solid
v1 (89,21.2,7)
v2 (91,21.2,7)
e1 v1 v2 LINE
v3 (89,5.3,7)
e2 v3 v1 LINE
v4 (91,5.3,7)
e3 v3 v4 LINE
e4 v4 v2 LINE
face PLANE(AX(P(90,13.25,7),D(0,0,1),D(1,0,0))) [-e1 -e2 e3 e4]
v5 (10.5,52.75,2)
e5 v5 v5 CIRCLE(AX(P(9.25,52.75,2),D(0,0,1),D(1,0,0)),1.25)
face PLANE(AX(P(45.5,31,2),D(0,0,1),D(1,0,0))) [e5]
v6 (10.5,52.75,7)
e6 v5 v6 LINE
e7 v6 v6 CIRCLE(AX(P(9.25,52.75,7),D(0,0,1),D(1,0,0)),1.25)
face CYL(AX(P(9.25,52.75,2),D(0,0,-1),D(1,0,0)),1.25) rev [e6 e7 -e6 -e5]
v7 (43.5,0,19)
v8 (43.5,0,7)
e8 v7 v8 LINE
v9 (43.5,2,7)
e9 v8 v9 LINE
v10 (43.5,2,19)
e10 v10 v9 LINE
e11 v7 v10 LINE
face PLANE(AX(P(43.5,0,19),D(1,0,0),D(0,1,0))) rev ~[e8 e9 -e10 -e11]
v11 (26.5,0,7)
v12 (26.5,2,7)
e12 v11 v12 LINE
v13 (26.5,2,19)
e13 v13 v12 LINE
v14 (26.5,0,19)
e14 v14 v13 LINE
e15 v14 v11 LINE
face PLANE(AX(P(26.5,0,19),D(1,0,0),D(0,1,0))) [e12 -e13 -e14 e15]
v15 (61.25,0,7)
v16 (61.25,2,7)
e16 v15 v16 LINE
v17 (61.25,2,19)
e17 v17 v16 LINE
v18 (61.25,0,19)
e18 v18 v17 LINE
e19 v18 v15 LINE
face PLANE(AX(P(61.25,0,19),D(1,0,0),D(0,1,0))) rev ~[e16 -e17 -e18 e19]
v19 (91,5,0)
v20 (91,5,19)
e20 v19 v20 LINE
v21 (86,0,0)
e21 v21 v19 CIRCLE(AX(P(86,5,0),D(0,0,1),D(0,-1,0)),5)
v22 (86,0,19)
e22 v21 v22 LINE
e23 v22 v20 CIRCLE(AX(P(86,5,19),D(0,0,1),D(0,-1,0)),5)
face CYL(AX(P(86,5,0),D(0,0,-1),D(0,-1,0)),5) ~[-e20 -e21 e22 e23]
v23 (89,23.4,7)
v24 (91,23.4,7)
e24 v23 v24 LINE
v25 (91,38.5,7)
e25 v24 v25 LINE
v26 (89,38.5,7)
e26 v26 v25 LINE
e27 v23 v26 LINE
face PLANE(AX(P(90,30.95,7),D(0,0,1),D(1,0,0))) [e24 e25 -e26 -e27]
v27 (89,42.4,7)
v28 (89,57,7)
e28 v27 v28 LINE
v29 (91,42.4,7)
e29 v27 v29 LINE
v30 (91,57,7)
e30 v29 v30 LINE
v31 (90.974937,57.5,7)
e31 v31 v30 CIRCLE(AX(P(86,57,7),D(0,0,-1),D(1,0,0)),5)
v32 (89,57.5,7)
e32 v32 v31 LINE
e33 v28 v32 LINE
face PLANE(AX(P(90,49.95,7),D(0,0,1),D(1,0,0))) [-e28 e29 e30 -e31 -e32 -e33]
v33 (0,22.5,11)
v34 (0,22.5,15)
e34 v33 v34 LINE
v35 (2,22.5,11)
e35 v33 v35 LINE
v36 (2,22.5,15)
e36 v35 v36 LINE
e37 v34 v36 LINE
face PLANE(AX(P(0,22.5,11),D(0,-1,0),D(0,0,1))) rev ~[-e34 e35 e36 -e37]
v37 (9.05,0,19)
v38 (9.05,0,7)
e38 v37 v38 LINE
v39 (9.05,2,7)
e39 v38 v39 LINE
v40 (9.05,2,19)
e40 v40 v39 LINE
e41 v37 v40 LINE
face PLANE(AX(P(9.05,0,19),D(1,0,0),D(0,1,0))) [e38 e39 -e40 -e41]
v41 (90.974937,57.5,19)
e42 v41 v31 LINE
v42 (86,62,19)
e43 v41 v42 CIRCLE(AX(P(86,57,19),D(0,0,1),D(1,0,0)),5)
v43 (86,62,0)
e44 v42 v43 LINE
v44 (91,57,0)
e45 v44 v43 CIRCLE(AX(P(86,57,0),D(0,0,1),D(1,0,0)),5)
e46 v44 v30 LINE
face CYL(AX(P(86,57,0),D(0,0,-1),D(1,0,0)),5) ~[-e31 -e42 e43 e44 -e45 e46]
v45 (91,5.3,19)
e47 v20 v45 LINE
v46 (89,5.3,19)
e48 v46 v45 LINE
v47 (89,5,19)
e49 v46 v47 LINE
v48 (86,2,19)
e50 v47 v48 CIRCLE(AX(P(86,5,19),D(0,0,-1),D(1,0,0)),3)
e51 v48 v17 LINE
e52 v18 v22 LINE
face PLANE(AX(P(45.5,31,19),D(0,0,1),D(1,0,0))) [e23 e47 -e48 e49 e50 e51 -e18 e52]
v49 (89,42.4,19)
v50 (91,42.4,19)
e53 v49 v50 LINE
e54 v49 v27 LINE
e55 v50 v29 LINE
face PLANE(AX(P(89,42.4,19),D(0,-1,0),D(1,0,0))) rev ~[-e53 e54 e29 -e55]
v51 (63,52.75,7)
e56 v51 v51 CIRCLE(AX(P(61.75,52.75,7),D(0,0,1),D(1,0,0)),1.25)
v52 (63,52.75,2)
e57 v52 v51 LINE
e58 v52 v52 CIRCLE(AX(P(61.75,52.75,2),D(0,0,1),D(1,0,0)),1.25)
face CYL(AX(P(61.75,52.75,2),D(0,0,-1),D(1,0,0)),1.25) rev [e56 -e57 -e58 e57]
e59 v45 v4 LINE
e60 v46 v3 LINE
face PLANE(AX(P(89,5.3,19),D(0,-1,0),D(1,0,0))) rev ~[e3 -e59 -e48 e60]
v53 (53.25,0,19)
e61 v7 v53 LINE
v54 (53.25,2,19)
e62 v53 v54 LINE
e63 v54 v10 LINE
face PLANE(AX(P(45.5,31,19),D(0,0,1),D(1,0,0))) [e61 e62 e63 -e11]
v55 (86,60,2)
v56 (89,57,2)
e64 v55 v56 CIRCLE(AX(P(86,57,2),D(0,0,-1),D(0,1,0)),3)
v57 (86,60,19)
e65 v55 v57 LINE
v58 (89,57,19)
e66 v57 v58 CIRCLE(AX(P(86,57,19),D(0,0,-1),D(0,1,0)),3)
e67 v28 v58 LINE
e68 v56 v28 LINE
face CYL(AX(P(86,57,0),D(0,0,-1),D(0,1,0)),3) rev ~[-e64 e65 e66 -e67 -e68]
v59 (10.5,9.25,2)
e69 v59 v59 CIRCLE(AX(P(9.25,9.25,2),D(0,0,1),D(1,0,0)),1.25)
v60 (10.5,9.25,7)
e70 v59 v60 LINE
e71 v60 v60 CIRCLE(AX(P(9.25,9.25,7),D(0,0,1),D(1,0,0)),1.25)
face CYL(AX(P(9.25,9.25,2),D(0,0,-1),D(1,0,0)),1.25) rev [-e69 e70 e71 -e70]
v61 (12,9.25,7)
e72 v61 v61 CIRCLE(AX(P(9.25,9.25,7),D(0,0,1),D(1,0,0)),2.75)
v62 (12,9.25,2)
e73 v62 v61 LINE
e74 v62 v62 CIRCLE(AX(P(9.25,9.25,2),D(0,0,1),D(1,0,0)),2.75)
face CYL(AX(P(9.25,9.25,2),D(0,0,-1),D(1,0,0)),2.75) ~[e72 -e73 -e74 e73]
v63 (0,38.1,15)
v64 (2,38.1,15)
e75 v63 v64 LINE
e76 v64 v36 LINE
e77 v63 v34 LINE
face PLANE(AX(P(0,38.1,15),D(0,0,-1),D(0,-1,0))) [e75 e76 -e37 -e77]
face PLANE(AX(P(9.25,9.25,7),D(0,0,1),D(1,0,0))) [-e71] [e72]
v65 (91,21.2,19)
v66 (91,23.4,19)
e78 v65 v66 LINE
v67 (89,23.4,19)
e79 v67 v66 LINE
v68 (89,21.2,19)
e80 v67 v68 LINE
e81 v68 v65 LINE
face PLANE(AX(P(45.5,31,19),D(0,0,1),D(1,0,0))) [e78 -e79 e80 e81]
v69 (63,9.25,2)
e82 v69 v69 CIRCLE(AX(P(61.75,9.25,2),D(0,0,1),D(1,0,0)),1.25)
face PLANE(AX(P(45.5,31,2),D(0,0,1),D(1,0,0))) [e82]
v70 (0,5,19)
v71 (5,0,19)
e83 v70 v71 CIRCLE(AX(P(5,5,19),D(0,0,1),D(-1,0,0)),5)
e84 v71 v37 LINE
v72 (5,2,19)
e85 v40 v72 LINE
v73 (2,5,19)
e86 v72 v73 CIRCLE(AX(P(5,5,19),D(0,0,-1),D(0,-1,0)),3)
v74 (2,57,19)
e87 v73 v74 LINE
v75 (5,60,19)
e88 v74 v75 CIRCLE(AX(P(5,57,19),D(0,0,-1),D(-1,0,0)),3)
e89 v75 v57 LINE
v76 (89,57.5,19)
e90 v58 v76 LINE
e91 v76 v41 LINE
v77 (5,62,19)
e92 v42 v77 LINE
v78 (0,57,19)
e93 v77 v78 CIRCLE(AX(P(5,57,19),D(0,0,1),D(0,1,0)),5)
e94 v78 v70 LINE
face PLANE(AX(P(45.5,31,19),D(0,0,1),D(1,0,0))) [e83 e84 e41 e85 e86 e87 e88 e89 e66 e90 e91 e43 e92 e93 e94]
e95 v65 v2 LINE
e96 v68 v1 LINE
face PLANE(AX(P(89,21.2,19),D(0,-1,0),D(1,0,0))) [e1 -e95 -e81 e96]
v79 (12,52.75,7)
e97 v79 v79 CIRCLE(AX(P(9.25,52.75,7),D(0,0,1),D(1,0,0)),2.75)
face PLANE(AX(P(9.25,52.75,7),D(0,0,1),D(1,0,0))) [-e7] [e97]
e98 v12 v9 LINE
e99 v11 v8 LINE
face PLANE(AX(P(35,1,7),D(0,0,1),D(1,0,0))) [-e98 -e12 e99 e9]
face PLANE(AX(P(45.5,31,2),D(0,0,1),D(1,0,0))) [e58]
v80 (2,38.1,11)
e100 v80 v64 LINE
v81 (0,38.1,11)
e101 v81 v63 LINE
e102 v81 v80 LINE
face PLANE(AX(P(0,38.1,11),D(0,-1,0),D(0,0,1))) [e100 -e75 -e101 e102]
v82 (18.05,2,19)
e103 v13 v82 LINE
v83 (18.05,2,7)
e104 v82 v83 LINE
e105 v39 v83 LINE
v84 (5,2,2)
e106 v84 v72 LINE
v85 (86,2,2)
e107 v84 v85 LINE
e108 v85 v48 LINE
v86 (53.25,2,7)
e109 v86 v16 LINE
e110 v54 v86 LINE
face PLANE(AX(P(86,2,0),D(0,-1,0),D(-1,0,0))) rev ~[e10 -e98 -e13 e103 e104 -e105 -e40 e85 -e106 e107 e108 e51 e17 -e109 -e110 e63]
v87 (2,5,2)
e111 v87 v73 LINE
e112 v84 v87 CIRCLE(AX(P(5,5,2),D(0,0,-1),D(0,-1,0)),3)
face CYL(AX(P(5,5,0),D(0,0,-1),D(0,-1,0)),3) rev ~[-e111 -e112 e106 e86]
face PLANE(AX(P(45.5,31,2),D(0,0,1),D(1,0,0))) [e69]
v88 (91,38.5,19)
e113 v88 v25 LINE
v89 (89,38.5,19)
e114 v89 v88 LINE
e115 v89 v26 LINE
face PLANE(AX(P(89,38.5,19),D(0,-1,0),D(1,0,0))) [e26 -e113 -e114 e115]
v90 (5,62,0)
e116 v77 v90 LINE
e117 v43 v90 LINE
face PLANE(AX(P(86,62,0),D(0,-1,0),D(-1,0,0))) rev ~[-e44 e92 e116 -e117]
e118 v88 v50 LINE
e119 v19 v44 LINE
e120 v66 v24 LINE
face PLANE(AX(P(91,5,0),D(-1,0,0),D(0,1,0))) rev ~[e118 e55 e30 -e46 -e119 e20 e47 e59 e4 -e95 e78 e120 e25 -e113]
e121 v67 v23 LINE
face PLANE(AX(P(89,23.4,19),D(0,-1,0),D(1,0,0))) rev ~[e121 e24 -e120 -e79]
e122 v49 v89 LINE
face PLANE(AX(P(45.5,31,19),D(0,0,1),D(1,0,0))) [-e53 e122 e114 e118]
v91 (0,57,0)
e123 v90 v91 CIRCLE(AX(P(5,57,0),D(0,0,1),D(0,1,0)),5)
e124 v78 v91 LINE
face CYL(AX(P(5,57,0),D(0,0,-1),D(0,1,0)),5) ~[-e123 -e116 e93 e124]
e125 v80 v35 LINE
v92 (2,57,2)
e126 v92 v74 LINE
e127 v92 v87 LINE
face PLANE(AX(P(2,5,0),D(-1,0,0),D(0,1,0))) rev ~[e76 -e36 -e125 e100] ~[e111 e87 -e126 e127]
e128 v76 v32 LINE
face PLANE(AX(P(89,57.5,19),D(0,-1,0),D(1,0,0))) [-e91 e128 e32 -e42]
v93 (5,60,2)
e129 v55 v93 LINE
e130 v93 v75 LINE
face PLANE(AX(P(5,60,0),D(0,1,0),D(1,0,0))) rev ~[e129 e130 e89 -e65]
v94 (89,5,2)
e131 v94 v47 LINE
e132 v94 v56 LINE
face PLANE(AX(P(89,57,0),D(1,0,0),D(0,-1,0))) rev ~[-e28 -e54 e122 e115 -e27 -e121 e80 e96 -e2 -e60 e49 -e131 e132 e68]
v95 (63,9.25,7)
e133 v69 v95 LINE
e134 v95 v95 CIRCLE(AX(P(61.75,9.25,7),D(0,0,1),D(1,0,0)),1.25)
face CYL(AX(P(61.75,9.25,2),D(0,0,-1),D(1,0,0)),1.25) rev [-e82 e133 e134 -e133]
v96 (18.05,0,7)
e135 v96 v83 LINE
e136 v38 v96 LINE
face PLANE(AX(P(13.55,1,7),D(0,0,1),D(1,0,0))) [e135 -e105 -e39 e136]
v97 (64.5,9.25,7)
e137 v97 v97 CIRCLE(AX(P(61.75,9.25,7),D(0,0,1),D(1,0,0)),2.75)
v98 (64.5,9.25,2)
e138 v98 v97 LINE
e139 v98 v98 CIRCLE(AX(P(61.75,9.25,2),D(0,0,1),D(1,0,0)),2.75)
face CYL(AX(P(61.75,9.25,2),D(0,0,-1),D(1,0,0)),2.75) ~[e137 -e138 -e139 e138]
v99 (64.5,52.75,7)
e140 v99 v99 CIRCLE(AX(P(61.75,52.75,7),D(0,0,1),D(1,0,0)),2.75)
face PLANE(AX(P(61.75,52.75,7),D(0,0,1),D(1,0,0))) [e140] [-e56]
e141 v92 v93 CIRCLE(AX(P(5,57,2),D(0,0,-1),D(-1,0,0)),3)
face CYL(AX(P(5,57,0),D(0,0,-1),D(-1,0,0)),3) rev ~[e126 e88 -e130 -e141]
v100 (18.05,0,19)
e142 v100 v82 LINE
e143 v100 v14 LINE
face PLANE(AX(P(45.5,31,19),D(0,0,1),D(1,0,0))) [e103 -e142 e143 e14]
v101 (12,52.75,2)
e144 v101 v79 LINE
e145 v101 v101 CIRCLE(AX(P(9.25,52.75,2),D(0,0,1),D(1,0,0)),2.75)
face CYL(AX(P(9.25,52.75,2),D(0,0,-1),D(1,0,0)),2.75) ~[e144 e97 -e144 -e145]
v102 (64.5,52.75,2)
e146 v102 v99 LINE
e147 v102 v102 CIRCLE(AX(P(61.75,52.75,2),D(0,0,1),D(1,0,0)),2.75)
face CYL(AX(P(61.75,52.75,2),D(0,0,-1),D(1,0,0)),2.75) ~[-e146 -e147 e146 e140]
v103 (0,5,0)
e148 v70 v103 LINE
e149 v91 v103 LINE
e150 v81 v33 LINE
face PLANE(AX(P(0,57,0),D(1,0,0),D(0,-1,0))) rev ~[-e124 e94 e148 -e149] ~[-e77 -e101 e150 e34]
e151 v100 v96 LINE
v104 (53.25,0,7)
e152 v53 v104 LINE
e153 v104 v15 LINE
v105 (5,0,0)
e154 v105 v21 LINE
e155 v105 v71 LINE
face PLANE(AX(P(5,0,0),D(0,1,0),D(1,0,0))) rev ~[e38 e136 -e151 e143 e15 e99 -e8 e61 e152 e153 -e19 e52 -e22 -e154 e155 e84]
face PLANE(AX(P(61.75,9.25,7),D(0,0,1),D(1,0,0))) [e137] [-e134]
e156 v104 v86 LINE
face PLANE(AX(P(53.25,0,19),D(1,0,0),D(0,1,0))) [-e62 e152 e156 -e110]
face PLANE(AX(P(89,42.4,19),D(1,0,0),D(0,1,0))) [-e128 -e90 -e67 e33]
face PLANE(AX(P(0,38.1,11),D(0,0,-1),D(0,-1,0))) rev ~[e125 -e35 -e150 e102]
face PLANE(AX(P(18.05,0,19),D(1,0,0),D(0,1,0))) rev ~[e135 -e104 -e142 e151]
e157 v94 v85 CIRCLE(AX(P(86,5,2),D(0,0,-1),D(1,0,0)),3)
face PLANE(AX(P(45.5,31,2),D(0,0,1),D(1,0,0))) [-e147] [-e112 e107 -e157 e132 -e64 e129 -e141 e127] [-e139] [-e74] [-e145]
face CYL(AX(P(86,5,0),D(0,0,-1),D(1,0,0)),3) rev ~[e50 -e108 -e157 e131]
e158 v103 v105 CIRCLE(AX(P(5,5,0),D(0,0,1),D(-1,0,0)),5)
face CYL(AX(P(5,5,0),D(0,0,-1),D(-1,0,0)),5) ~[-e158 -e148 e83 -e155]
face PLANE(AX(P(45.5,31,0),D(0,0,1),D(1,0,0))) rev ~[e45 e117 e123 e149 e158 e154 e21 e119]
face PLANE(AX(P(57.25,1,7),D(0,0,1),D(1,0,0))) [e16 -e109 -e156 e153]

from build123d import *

# Parameters (mm, degrees)
F1_DEPTH = 2
F2_DEPTH = 19
F3_R     = 2.75
F3_R_2   = 1.25
F4_DEPTH = 5
F5_W     = 9
F5_H     = 2
F5_W_2   = 2
F5_H_2   = 15.1
F5_W_3   = 17
F5_W_4   = 8
F5_H_3   = 15.9
F6_DEPTH = 12
F7_W     = 15.6
F7_H     = 4
F8_DEPTH = 25


with BuildPart() as f1:
    # F0 (on Top) → F1 (new body)
    with BuildSketch(Plane.XY):
        with BuildLine():
            ThreePointArc((0, 5), (1.4644660941, 1.4644660941), (5, 0))
            Line((5, 0), (86, 0))
            ThreePointArc((86, 0), (89.5355339059, 1.4644660941), (91, 5))
            Line((91, 5), (91, 57))
            ThreePointArc((91, 57), (89.5355339059, 60.5355339059), (86, 62))
            Line((86, 62), (5, 62))
            ThreePointArc((5, 62), (1.4644660941, 60.5355339059), (0, 57))
            Line((0, 57), (0, 5))
        make_face()
        with BuildLine():
            ThreePointArc((2, 57), (2.8786796564, 59.1213203436), (5, 60))
            Line((5, 60), (86, 60))
            ThreePointArc((86, 60), (88.1213203436, 59.1213203436), (89, 57))
            Line((89, 57), (89, 5))
            ThreePointArc((89, 5), (88.1213203436, 2.8786796564), (86, 2))
            Line((86, 2), (5, 2))
            ThreePointArc((5, 2), (2.8786796564, 2.8786796564), (2, 5))
            Line((2, 5), (2, 57))
        make_face(mode=Mode.SUBTRACT)
        with BuildLine():
            Line((86, 60), (5, 60))
            ThreePointArc((5, 60), (2.8786796564, 59.1213203436), (2, 57))
            Line((2, 57), (2, 5))
            ThreePointArc((2, 5), (2.8786796564, 2.8786796564), (5, 2))
            Line((5, 2), (86, 2))
            ThreePointArc((86, 2), (88.1213203436, 2.8786796564), (89, 5))
            Line((89, 5), (89, 57))
            ThreePointArc((89, 57), (88.1213203436, 59.1213203436), (86, 60))
        make_face()
    extrude(amount=F1_DEPTH)

    # F0 (on Top) → F2 (join)
    with BuildSketch(Plane.XY):
        with BuildLine():
            ThreePointArc((0, 5), (1.4644660941, 1.4644660941), (5, 0))
            Line((5, 0), (86, 0))
            ThreePointArc((86, 0), (89.5355339059, 1.4644660941), (91, 5))
            Line((91, 5), (91, 57))
            ThreePointArc((91, 57), (89.5355339059, 60.5355339059), (86, 62))
            Line((86, 62), (5, 62))
            ThreePointArc((5, 62), (1.4644660941, 60.5355339059), (0, 57))
            Line((0, 57), (0, 5))
        make_face()
        with BuildLine():
            ThreePointArc((2, 57), (2.8786796564, 59.1213203436), (5, 60))
            Line((5, 60), (86, 60))
            ThreePointArc((86, 60), (88.1213203436, 59.1213203436), (89, 57))
            Line((89, 57), (89, 5))
            ThreePointArc((89, 5), (88.1213203436, 2.8786796564), (86, 2))
            Line((86, 2), (5, 2))
            ThreePointArc((5, 2), (2.8786796564, 2.8786796564), (2, 5))
            Line((2, 5), (2, 57))
        make_face(mode=Mode.SUBTRACT)
    extrude(amount=F2_DEPTH)

    # F3 (on face) → F4 (join)
    with BuildSketch(Plane.XY.offset(2)):
        with Locations((9.25, 52.75)):
            Circle(F3_R)
        with Locations((9.25, 52.75)):
            Circle(F3_R_2, mode=Mode.SUBTRACT)
        with Locations((9.25, 9.25)):
            Circle(F3_R)
        with Locations((9.25, 9.25)):
            Circle(F3_R_2, mode=Mode.SUBTRACT)
        with Locations((61.75, 9.25)):
            Circle(F3_R)
        with Locations((61.75, 9.25)):
            Circle(F3_R_2, mode=Mode.SUBTRACT)
        with Locations((61.75, 52.75)):
            Circle(F3_R)
        with Locations((61.75, 52.75)):
            Circle(F3_R_2, mode=Mode.SUBTRACT)
    extrude(amount=F4_DEPTH)

    # F5 (on face) → F6 (cut)
    with BuildSketch(Plane.XY.offset(19)):
        with Locations((13.55, 1)):
            Rectangle(F5_W, F5_H)
        with Locations((90, 49.95)):
            Rectangle(F5_W_2, F5_H_2)
        with Locations((35, 1)):
            Rectangle(F5_W_3, F5_H)
        with Locations((57.25, 1)):
            Rectangle(F5_W_4, F5_H)
        with Locations((90, 13.25)):
            Rectangle(F5_W_2, F5_H_3)
        with Locations((90, 30.95)):
            Rectangle(F5_W_2, F5_H_2)
    extrude(amount=-F6_DEPTH, mode=Mode.SUBTRACT)

    # F7 (on face) → F8 (cut)
    with BuildSketch(Plane(origin=(0, 0, 0), x_dir=(0, -1, 0), z_dir=(-1, 0, 0))):
        with Locations((-30.3, 13)):
            Rectangle(F7_W, F7_H)
    extrude(amount=-F8_DEPTH, mode=Mode.SUBTRACT)


solid = f1.part
